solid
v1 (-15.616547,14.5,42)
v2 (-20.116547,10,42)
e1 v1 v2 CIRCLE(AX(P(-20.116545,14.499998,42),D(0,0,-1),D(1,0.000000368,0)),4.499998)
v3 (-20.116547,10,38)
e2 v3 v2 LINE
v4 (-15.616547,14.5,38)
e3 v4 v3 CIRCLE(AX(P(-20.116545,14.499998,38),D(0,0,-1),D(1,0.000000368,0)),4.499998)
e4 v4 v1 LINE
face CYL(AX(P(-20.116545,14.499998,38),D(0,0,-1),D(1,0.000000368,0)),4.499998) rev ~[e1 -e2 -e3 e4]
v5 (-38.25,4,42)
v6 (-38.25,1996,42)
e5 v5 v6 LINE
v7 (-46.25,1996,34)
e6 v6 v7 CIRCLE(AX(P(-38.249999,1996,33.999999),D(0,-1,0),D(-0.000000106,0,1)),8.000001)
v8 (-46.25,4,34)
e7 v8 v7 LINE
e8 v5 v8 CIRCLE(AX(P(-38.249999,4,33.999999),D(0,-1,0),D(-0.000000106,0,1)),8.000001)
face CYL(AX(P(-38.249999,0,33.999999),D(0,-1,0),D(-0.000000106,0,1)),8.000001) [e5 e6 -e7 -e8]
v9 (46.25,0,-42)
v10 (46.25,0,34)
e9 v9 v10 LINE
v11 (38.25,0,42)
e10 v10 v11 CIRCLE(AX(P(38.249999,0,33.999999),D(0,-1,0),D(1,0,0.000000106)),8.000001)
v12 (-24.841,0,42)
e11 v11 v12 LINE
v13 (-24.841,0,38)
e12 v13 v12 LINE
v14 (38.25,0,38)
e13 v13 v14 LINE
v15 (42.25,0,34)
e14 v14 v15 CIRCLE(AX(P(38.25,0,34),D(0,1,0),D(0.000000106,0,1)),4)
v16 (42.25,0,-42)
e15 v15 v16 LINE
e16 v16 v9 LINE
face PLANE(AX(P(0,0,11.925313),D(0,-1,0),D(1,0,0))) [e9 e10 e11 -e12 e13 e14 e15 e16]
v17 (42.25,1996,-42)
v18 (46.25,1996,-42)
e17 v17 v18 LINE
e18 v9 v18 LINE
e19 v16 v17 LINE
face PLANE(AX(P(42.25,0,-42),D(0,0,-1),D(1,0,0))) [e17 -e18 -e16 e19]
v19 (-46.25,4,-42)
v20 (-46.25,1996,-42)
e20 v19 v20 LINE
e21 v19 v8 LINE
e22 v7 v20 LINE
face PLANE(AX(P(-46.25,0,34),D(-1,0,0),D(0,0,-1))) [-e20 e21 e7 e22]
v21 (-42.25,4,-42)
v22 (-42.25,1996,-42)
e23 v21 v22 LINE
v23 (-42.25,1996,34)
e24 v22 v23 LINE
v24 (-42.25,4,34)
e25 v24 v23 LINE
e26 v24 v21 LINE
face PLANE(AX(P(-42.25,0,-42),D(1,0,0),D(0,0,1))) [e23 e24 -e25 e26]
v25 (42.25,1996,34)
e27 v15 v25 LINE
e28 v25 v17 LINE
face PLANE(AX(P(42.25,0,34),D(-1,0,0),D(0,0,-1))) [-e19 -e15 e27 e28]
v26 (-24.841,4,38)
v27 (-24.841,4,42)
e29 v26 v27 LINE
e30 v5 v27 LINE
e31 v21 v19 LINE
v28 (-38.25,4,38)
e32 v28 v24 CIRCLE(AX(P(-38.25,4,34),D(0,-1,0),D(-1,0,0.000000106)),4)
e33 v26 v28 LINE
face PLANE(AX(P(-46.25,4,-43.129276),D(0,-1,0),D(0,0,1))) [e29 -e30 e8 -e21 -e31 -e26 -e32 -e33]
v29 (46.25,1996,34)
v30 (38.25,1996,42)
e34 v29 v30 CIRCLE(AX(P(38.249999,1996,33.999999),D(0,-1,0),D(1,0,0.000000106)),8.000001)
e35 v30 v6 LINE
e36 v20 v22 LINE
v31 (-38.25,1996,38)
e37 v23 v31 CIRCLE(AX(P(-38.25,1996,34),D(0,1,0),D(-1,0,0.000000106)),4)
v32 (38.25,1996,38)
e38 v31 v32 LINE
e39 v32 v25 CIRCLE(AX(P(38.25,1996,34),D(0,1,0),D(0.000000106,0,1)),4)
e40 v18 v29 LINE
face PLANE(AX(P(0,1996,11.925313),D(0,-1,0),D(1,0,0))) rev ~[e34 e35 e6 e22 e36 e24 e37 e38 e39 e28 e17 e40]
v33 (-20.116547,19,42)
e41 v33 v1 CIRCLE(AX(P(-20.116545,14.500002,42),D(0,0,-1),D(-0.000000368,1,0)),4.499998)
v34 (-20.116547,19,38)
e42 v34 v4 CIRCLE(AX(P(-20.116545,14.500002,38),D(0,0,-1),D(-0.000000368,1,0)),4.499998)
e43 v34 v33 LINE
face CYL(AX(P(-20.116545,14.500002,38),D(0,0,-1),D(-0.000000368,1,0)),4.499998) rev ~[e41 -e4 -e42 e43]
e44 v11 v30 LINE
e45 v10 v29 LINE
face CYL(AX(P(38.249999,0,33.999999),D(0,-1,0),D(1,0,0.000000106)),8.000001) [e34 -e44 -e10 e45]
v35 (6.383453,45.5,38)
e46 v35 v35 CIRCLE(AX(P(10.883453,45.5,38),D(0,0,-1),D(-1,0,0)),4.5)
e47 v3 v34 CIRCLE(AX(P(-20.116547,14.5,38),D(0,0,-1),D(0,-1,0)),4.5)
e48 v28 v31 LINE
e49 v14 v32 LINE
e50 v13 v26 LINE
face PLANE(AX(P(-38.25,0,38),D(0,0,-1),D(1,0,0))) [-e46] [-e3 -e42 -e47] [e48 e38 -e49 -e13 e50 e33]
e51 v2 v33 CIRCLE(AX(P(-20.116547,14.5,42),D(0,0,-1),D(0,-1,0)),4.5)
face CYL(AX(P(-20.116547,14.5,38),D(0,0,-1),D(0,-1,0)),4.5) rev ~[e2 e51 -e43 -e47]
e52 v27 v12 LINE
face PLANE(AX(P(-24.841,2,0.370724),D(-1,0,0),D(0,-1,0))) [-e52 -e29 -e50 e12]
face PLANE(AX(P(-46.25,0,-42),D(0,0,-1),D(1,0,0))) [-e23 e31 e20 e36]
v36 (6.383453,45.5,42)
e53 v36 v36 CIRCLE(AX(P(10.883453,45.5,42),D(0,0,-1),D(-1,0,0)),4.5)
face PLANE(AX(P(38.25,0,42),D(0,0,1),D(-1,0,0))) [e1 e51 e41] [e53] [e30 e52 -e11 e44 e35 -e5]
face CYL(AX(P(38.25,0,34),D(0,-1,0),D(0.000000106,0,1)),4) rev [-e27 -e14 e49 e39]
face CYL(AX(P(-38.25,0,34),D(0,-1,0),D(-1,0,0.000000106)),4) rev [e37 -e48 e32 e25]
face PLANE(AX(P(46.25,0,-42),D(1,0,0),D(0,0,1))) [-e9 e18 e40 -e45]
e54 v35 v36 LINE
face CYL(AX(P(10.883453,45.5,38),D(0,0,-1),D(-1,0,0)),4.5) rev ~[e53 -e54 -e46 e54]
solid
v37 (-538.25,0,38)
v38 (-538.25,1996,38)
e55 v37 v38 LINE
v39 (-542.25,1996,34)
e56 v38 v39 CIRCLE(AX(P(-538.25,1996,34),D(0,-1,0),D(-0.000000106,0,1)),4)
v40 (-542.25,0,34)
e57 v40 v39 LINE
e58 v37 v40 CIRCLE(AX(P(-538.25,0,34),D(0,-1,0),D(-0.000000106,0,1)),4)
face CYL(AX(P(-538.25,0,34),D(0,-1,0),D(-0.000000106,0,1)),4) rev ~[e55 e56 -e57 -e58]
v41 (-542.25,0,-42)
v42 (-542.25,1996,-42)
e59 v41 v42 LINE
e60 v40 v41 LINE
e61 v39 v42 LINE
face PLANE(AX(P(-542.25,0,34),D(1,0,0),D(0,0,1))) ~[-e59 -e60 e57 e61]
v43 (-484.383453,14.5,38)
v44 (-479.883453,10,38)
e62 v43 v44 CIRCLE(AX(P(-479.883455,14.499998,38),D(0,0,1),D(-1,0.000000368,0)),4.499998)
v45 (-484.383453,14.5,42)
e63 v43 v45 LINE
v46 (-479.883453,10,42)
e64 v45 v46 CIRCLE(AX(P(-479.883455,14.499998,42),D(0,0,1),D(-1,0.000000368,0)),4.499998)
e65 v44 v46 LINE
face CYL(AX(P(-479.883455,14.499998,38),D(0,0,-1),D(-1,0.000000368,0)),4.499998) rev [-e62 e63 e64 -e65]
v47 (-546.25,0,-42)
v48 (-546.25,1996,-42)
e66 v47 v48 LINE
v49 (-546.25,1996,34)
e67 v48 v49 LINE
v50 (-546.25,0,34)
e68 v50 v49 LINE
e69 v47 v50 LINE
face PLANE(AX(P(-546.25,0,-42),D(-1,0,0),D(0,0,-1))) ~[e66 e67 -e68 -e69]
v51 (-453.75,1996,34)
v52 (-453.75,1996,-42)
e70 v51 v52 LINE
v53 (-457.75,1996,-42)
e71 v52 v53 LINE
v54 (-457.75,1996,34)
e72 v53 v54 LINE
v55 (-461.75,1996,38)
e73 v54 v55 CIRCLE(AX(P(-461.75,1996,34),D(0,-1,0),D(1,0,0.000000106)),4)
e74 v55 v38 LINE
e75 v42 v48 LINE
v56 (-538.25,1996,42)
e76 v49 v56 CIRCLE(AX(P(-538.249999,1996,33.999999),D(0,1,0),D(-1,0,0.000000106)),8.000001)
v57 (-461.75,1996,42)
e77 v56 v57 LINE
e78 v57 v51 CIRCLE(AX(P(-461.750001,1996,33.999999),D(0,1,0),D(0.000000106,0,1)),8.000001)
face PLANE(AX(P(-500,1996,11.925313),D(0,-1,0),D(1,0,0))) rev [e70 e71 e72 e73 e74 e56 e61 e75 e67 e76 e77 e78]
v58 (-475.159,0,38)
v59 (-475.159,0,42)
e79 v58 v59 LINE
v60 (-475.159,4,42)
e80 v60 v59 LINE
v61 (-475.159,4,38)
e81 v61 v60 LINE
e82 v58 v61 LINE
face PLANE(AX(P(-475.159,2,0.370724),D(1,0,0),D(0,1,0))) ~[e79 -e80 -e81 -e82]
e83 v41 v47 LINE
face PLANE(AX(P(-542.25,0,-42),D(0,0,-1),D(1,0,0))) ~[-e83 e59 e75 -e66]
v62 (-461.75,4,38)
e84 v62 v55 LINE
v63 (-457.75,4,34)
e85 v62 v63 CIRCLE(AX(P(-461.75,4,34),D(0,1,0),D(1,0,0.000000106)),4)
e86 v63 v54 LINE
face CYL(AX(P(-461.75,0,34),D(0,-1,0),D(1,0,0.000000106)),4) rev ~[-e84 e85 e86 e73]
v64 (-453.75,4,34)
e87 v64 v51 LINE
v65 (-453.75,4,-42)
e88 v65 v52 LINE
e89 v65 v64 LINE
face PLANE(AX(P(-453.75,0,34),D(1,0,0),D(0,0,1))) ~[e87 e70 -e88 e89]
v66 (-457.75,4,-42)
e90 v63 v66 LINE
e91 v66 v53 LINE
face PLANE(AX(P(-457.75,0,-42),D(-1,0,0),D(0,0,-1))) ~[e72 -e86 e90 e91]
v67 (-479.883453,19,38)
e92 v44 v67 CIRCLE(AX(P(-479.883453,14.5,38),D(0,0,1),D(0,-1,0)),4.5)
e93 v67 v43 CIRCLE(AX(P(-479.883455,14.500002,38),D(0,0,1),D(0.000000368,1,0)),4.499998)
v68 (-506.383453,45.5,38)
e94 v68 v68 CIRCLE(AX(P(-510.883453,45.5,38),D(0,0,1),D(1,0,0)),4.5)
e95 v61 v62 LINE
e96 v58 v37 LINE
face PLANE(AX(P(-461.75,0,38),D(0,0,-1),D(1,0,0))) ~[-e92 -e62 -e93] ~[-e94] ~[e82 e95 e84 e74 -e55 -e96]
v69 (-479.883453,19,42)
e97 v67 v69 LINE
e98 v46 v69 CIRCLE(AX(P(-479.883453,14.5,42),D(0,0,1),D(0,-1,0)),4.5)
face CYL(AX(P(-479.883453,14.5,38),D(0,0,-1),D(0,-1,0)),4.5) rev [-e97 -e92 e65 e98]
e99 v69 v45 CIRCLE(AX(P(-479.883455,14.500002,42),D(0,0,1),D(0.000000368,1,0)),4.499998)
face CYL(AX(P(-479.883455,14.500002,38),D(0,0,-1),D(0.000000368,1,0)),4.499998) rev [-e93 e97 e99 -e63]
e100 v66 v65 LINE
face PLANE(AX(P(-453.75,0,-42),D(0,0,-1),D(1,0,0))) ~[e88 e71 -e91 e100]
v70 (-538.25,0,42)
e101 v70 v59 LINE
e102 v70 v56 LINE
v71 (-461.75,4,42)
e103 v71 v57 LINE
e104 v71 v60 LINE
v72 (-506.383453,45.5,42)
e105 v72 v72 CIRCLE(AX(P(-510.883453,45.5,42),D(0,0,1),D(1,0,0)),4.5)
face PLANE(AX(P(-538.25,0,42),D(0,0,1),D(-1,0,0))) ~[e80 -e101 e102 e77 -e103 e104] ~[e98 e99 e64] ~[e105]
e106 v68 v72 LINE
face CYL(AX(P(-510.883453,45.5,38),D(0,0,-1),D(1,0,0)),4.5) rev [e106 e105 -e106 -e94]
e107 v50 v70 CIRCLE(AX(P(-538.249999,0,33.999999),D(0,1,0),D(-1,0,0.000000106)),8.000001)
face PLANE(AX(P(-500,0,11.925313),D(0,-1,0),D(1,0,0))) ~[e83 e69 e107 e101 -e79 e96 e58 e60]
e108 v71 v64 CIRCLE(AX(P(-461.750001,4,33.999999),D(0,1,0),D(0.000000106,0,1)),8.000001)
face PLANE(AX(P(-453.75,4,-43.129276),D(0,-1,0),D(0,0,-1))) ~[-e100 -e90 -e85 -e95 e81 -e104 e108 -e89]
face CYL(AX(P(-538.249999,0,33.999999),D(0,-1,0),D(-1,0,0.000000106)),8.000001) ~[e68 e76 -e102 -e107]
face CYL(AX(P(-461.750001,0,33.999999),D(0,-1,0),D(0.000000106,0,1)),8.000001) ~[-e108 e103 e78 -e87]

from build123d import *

# Parameters (mm, degrees)
F1_DEPTH = 1996
F3_W     = 4
F3_H     = 87
F4_DEPTH = 21.409
F6_DEPTH = 4


with BuildPart() as f1:
    # F0 (on Front) → F1 (new body)
    with BuildSketch(Plane.XZ):
        with BuildLine():
            Line((-46.25, 34), (-46.25, -42))
            Line((-46.25, -42), (-42.25, -42))
            Line((-42.25, -42), (-42.25, 34))
            ThreePointArc((-42.25, 34), (-41.078427, 36.828427), (-38.25, 38))
            Line((-38.25, 38), (38.25, 38))
            ThreePointArc((38.25, 38), (41.078427, 36.828427), (42.25, 34))
            Line((42.25, 34), (42.25, -42))
            Line((42.25, -42), (46.25, -42))
            Line((46.25, -42), (46.25, 34))
            ThreePointArc((46.25, 34), (43.906854, 39.656854), (38.25, 42))
            Line((38.25, 42), (-38.25, 42))
            ThreePointArc((-38.25, 42), (-43.906854, 39.656854), (-46.25, 34))
        make_face()
    extrude(amount=-F1_DEPTH)

    # F3 (on face) → F4 (cut)
    with BuildSketch(Plane(origin=(-46.25, 0, 0), x_dir=(0, -1, 0), z_dir=(-1, 0, 0))):
        with Locations((-2, 0.370724)):
            Rectangle(F3_W, F3_H)
    extrude(amount=-F4_DEPTH, mode=Mode.SUBTRACT)

    # F5 (on face) → F6 (cut)
    with BuildSketch(Plane(origin=(0, 0, 38), x_dir=(1, 0, 0), z_dir=(0, 0, -1))):
        with BuildLine():
            ThreePointArc((15.383453, -45.5), (10.883453, -41), (6.383453, -45.5))
            ThreePointArc((6.383453, -45.5), (10.883453, -50), (15.383453, -45.5))
        make_face()
        with BuildLine():
            Line((-20.116547, -14.5), (-20.116547, -10))
            ThreePointArc((-20.116547, -10), (-24.616547, -14.5), (-20.116547, -19))
            Line((-20.116547, -19), (-20.116547, -14.5))
        make_face()
        with BuildLine():
            ThreePointArc((-15.616547, -14.5), (-16.934566, -11.318019), (-20.116547, -10))
            Line((-20.116547, -10), (-20.116547, -14.5))
            Line((-20.116547, -14.5), (-20.116547, -19))
            ThreePointArc((-20.116547, -19), (-16.934566, -17.681981), (-15.616547, -14.5))
        make_face()
    extrude(amount=-F6_DEPTH, mode=Mode.SUBTRACT)


with BuildPart() as f8_1:
    # F8: instance of F1
    add(f1.part.mirror(Plane.YZ.offset(-250)))


solid = Compound([f1.part, f8_1.part])
